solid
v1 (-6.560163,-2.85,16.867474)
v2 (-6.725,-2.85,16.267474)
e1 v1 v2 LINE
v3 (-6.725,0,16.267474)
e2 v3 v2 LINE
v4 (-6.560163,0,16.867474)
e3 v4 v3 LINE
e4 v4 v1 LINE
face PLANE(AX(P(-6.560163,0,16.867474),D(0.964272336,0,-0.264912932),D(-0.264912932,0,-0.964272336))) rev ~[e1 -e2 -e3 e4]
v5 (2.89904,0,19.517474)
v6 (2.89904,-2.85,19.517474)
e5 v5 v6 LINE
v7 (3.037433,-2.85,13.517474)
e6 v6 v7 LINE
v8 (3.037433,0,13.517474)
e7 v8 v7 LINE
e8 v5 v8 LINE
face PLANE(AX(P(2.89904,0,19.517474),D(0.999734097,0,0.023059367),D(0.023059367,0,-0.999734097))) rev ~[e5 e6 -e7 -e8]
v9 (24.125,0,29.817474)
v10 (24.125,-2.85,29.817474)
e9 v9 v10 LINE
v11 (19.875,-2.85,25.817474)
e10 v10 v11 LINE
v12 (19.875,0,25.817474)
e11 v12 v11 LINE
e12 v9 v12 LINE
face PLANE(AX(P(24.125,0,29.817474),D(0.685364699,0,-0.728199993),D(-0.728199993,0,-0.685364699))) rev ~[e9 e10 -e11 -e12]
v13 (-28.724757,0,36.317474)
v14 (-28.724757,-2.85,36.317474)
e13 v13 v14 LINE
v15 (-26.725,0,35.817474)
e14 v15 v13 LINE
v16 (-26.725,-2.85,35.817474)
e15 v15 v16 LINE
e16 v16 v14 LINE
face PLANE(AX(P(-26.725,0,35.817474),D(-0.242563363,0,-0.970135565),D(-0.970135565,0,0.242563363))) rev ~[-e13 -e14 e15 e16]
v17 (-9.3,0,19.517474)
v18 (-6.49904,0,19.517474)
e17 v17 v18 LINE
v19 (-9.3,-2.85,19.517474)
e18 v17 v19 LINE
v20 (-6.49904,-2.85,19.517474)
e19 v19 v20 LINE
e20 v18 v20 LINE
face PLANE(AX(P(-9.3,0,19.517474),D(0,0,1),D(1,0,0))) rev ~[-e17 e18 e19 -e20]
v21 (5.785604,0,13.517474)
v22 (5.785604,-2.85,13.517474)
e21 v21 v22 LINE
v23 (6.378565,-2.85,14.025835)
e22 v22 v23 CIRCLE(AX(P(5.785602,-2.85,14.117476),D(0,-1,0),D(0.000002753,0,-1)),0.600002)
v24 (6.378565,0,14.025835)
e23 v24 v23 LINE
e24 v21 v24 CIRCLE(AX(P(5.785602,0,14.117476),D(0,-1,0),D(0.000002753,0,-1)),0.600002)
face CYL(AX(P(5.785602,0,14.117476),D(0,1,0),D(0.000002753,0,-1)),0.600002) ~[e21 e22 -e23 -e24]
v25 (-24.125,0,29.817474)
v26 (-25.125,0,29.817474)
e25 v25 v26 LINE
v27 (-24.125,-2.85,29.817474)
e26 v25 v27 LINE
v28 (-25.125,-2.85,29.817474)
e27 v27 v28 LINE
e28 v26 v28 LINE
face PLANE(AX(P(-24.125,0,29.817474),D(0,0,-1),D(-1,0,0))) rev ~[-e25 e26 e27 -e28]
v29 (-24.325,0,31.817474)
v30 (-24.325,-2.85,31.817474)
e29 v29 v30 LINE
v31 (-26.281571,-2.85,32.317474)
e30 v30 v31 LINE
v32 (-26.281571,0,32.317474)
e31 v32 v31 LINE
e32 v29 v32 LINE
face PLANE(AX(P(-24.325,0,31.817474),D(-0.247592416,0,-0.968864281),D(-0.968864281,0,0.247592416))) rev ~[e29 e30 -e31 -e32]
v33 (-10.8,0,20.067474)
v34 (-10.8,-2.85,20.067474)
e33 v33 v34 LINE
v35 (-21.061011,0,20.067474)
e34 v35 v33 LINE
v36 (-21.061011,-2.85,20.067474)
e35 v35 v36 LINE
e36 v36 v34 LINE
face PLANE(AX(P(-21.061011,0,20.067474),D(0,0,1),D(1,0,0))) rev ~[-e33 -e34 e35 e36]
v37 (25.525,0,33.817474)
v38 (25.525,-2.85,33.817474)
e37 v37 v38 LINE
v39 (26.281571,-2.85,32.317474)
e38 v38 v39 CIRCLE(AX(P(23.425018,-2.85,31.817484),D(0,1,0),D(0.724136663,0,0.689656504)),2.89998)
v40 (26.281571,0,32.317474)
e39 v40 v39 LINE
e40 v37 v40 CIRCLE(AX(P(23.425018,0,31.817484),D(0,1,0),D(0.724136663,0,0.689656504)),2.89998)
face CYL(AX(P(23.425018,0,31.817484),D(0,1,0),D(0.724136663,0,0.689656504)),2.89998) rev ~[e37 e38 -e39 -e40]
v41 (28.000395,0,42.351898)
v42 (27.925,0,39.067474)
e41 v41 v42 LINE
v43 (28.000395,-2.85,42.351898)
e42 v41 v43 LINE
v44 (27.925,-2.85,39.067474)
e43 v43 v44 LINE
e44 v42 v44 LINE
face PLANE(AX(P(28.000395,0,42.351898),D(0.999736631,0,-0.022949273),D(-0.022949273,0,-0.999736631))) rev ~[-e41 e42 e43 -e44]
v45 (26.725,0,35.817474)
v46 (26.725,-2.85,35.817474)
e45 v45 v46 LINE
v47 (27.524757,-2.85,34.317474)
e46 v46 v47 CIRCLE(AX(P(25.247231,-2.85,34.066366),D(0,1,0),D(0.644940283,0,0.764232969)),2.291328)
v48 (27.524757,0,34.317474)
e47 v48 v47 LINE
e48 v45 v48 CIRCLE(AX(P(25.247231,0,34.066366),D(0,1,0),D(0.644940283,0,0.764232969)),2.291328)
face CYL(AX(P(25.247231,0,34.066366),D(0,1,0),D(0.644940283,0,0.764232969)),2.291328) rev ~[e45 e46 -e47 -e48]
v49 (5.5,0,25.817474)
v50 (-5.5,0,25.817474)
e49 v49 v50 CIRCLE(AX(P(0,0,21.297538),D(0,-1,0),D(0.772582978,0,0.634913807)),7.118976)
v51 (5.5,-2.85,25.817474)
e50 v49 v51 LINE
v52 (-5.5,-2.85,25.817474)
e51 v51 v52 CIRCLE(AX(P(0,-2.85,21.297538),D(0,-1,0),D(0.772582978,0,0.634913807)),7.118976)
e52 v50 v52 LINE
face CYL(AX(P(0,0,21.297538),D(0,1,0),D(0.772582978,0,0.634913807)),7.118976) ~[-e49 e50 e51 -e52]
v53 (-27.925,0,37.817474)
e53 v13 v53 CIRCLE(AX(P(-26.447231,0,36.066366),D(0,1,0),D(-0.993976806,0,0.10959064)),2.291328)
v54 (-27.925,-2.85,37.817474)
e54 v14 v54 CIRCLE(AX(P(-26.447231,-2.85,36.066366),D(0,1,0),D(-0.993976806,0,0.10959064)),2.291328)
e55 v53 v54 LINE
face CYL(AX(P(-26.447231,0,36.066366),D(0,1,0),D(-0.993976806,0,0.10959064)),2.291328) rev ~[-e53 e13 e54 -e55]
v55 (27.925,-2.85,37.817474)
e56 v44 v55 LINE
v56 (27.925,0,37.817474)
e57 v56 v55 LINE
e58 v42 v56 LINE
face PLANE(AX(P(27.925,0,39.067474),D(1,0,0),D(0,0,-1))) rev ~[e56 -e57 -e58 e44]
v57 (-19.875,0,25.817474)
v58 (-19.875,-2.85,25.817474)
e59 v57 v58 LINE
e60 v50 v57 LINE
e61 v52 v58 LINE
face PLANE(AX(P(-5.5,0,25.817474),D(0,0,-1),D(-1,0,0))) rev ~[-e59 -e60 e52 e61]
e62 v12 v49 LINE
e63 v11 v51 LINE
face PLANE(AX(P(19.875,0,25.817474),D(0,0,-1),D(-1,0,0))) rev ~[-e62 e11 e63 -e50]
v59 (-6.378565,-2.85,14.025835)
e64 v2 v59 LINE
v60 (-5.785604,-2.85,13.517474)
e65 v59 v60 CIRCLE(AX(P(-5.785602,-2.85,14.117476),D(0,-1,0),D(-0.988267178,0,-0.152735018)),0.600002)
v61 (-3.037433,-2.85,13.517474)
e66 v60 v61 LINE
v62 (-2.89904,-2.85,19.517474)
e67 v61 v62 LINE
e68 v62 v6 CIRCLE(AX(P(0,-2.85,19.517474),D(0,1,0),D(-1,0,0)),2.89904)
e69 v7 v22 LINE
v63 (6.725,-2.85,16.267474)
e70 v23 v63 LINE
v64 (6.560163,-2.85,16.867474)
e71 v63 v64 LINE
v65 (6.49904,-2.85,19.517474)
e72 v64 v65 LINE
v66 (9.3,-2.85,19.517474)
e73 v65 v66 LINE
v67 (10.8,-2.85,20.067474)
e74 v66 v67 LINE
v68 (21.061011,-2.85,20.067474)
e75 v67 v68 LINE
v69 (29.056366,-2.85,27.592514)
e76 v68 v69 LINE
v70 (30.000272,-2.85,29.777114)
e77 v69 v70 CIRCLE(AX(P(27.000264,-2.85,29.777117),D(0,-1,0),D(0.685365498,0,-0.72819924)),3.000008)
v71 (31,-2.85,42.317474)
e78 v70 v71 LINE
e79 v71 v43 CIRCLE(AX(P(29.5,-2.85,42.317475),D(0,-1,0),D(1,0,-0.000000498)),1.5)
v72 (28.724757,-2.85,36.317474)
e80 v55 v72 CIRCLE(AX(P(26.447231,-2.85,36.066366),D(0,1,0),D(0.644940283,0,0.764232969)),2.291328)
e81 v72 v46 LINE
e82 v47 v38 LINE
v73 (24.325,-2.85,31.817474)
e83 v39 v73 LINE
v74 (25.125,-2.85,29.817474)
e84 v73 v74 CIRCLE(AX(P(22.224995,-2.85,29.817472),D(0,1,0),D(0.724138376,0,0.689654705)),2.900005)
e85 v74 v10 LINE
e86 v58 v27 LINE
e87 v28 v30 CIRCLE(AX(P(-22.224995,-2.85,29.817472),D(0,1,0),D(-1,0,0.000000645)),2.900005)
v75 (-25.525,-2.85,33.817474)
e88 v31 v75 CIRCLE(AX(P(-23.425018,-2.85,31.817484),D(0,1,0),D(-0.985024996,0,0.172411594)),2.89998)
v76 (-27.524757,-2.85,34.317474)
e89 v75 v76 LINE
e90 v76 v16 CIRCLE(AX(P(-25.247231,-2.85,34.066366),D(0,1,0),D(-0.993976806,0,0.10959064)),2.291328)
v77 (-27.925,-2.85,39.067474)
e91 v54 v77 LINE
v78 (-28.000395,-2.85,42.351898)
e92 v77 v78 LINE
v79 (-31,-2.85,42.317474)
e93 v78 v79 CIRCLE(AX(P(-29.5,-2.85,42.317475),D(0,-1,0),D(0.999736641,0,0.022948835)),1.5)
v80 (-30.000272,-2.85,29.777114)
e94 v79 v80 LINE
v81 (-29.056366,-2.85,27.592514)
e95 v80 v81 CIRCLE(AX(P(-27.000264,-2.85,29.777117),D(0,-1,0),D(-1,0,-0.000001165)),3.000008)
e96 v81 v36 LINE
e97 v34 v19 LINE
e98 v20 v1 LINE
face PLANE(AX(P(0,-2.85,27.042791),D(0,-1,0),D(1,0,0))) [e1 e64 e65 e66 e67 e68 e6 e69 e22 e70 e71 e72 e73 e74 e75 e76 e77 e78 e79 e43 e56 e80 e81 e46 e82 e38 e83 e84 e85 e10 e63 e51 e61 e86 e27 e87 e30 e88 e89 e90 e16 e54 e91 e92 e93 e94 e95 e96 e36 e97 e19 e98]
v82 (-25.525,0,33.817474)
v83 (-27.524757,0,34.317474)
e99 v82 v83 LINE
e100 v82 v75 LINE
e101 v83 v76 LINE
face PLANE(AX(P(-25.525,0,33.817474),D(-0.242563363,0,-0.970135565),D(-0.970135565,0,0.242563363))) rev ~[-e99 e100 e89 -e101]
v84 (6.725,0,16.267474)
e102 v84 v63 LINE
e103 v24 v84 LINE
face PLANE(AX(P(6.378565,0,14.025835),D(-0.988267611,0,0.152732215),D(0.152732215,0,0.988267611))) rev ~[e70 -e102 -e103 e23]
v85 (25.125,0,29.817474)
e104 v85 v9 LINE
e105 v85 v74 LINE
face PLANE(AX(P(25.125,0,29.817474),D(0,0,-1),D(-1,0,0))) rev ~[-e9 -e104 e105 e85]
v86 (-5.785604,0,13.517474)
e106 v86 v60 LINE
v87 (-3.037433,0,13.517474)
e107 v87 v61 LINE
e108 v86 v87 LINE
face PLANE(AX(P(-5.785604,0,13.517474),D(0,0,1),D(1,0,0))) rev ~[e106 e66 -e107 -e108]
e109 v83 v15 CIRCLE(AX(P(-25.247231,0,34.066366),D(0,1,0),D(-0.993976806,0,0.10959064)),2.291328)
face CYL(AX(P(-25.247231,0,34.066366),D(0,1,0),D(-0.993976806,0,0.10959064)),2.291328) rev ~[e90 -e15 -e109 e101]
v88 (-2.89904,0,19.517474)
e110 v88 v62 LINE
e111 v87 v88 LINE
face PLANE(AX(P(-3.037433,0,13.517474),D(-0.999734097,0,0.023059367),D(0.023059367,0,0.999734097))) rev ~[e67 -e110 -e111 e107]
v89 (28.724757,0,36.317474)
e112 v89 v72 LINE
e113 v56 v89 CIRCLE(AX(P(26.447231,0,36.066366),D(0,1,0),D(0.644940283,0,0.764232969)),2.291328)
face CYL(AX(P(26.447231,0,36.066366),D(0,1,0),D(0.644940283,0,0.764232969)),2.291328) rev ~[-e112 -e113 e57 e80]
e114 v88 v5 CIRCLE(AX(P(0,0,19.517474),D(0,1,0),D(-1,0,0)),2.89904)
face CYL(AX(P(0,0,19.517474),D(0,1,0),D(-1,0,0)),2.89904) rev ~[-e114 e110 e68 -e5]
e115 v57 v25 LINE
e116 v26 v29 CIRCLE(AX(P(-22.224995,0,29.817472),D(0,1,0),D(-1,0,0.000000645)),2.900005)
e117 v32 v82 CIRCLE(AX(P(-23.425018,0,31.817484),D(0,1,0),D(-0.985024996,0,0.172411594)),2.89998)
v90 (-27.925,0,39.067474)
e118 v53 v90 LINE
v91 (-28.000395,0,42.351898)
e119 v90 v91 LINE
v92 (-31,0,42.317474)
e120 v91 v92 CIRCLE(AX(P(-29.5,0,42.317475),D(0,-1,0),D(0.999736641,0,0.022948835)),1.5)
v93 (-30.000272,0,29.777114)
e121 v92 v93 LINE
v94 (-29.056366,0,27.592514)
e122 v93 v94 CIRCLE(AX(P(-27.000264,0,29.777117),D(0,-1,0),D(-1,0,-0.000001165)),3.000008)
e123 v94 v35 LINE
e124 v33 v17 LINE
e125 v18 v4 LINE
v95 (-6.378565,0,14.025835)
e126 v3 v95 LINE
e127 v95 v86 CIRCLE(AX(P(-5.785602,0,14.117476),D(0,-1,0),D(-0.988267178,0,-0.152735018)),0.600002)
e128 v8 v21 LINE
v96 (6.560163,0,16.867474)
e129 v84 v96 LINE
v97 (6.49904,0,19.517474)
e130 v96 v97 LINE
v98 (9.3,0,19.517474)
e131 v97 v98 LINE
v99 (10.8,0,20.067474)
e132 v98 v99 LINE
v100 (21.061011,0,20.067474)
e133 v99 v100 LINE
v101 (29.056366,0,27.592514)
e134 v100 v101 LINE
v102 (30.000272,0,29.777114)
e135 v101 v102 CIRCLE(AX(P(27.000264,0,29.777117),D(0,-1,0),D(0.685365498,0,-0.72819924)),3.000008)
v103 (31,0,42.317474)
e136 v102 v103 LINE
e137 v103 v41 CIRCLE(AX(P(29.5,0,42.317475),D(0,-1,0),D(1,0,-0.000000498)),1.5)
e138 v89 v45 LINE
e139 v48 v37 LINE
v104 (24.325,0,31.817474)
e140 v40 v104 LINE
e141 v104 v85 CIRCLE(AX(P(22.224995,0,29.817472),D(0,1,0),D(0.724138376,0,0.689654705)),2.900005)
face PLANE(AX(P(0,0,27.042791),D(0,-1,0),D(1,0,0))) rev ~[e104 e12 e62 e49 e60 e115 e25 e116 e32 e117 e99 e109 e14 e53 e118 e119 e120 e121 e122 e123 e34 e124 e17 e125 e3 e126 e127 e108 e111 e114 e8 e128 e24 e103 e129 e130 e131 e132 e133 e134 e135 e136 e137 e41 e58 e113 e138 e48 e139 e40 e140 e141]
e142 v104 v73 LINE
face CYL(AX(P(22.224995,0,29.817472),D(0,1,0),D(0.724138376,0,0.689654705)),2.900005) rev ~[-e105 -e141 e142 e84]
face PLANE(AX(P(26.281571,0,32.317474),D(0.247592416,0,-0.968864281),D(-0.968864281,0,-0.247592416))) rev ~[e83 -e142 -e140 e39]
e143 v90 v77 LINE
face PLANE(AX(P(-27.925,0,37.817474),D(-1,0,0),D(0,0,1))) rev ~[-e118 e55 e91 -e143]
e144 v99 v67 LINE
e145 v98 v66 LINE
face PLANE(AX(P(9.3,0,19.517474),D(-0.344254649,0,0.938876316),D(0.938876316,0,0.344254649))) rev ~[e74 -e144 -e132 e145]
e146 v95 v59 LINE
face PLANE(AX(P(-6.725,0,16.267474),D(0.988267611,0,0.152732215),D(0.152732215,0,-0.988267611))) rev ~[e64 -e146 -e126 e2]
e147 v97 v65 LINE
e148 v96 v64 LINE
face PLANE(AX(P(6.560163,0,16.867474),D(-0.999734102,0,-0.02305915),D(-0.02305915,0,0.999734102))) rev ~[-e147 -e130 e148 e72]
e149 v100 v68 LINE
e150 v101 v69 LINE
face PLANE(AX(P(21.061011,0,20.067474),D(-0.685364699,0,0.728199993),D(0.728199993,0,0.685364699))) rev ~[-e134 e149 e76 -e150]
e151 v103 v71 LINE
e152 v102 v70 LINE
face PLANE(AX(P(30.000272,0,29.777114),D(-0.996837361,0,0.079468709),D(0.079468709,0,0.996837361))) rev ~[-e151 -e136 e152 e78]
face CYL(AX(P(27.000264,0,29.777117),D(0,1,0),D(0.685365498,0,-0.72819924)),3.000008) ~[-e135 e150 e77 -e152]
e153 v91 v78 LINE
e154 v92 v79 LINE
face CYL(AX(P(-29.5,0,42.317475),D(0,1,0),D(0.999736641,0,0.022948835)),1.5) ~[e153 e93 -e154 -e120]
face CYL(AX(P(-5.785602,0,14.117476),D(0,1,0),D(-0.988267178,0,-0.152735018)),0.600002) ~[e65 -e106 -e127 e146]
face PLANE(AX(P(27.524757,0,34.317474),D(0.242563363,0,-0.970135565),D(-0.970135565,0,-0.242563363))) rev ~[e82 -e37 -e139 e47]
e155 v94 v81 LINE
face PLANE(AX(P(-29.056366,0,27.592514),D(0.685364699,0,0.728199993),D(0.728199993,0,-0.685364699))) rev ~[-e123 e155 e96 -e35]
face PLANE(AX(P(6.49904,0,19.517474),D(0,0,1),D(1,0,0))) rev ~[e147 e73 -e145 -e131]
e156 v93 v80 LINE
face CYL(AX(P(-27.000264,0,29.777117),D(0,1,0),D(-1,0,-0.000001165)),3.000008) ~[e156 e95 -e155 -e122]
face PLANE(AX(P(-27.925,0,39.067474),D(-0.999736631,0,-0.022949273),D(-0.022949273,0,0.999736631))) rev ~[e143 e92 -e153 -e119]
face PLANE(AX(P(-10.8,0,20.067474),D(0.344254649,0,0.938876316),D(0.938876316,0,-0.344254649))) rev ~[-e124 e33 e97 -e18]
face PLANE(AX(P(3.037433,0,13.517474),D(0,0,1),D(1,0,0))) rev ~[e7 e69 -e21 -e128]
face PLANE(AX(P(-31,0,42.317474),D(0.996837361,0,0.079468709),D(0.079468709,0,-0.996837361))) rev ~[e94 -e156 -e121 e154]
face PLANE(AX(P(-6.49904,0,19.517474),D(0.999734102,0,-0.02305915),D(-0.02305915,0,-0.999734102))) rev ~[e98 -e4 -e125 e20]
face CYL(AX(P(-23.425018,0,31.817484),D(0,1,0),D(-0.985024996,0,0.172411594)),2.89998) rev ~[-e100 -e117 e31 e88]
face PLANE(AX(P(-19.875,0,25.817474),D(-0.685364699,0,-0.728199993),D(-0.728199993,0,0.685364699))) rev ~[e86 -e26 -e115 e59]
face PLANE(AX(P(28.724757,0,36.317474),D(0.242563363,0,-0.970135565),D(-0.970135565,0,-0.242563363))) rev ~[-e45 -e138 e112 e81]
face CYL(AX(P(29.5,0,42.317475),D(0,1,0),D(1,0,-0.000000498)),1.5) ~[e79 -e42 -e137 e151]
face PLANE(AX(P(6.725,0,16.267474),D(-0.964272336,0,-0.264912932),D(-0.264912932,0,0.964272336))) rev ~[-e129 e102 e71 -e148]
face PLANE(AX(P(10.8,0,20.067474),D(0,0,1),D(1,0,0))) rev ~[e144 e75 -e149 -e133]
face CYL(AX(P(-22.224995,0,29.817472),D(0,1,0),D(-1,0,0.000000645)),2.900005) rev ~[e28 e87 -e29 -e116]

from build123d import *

# Parameters (mm, degrees)
F1_DEPTH = 2.85


with BuildPart() as f1:
    # F0 (on Front) → F1 (new body)
    with BuildSketch(Plane.XZ):
        with BuildLine():
            Line((-5.5, 25.817474), (-19.875, 25.817474))
            Line((-19.875, 25.817474), (-24.125, 29.817474))
            Line((-24.125, 29.817474), (-25.125, 29.817474))
            ThreePointArc((-25.125, 29.817474), (-24.917582, 30.894507), (-24.325, 31.817474))
            Line((-24.325, 31.817474), (-26.281571, 32.317474))
            ThreePointArc((-26.281571, 32.317474), (-26.014286, 33.123461), (-25.525, 33.817474))
            Line((-25.525, 33.817474), (-27.524757, 34.317474))
            ThreePointArc((-27.524757, 34.317474), (-27.269126, 35.144383), (-26.725, 35.817474))
            Line((-26.725, 35.817474), (-28.724757, 36.317474))
            ThreePointArc((-28.724757, 36.317474), (-28.469126, 37.144383), (-27.925, 37.817474))
            Line((-27.925, 37.817474), (-27.925, 39.067474))
            Line((-27.925, 39.067474), (-28.000395, 42.351898))
            ThreePointArc((-28.000395, 42.351898), (-29.517213, 43.817376), (-31, 42.317474))
            Line((-31, 42.317474), (-30.000272, 29.777114))
            ThreePointArc((-30.000272, 29.777114), (-29.754203, 28.587215), (-29.056366, 27.592514))
            Line((-29.056366, 27.592514), (-21.061011, 20.067474))
            Line((-21.061011, 20.067474), (-10.8, 20.067474))
            Line((-10.8, 20.067474), (-9.3, 19.517474))
            Line((-9.3, 19.517474), (-6.49904, 19.517474))
            Line((-6.49904, 19.517474), (-6.560163, 16.867474))
            Line((-6.560163, 16.867474), (-6.725, 16.267474))
            Line((-6.725, 16.267474), (-6.378565, 14.025835))
            ThreePointArc((-6.378565, 14.025835), (-6.176127, 13.661962), (-5.785604, 13.517474))
            Line((-5.785604, 13.517474), (-3.037433, 13.517474))
            Line((-3.037433, 13.517474), (-2.89904, 19.517474))
            ThreePointArc((-2.89904, 19.517474), (0, 22.416514), (2.89904, 19.517474))
            Line((2.89904, 19.517474), (3.037433, 13.517474))
            Line((3.037433, 13.517474), (5.785604, 13.517474))
            ThreePointArc((5.785604, 13.517474), (6.176127, 13.661962), (6.378565, 14.025835))
            Line((6.378565, 14.025835), (6.725, 16.267474))
            Line((6.725, 16.267474), (6.560163, 16.867474))
            Line((6.560163, 16.867474), (6.49904, 19.517474))
            Line((6.49904, 19.517474), (9.3, 19.517474))
            Line((9.3, 19.517474), (10.8, 20.067474))
            Line((10.8, 20.067474), (21.061011, 20.067474))
            Line((21.061011, 20.067474), (29.056366, 27.592514))
            ThreePointArc((29.056366, 27.592514), (29.754203, 28.587215), (30.000272, 29.777114))
            Line((30.000272, 29.777114), (31, 42.317474))
            ThreePointArc((31, 42.317474), (29.517213, 43.817376), (28.000395, 42.351898))
            Line((28.000395, 42.351898), (27.925, 39.067474))
            Line((27.925, 39.067474), (27.925, 37.817474))
            ThreePointArc((27.925, 37.817474), (28.469126, 37.144383), (28.724757, 36.317474))
            Line((28.724757, 36.317474), (26.725, 35.817474))
            ThreePointArc((26.725, 35.817474), (27.269126, 35.144383), (27.524757, 34.317474))
            Line((27.524757, 34.317474), (25.525, 33.817474))
            ThreePointArc((25.525, 33.817474), (26.014286, 33.123461), (26.281571, 32.317474))
            Line((26.281571, 32.317474), (24.325, 31.817474))
            ThreePointArc((24.325, 31.817474), (24.917582, 30.894507), (25.125, 29.817474))
            Line((25.125, 29.817474), (24.125, 29.817474))
            Line((24.125, 29.817474), (19.875, 25.817474))
            Line((19.875, 25.817474), (5.5, 25.817474))
            ThreePointArc((5.5, 25.817474), (0, 28.416514), (-5.5, 25.817474))
        make_face()
    extrude(amount=F1_DEPTH)


solid = f1.part
